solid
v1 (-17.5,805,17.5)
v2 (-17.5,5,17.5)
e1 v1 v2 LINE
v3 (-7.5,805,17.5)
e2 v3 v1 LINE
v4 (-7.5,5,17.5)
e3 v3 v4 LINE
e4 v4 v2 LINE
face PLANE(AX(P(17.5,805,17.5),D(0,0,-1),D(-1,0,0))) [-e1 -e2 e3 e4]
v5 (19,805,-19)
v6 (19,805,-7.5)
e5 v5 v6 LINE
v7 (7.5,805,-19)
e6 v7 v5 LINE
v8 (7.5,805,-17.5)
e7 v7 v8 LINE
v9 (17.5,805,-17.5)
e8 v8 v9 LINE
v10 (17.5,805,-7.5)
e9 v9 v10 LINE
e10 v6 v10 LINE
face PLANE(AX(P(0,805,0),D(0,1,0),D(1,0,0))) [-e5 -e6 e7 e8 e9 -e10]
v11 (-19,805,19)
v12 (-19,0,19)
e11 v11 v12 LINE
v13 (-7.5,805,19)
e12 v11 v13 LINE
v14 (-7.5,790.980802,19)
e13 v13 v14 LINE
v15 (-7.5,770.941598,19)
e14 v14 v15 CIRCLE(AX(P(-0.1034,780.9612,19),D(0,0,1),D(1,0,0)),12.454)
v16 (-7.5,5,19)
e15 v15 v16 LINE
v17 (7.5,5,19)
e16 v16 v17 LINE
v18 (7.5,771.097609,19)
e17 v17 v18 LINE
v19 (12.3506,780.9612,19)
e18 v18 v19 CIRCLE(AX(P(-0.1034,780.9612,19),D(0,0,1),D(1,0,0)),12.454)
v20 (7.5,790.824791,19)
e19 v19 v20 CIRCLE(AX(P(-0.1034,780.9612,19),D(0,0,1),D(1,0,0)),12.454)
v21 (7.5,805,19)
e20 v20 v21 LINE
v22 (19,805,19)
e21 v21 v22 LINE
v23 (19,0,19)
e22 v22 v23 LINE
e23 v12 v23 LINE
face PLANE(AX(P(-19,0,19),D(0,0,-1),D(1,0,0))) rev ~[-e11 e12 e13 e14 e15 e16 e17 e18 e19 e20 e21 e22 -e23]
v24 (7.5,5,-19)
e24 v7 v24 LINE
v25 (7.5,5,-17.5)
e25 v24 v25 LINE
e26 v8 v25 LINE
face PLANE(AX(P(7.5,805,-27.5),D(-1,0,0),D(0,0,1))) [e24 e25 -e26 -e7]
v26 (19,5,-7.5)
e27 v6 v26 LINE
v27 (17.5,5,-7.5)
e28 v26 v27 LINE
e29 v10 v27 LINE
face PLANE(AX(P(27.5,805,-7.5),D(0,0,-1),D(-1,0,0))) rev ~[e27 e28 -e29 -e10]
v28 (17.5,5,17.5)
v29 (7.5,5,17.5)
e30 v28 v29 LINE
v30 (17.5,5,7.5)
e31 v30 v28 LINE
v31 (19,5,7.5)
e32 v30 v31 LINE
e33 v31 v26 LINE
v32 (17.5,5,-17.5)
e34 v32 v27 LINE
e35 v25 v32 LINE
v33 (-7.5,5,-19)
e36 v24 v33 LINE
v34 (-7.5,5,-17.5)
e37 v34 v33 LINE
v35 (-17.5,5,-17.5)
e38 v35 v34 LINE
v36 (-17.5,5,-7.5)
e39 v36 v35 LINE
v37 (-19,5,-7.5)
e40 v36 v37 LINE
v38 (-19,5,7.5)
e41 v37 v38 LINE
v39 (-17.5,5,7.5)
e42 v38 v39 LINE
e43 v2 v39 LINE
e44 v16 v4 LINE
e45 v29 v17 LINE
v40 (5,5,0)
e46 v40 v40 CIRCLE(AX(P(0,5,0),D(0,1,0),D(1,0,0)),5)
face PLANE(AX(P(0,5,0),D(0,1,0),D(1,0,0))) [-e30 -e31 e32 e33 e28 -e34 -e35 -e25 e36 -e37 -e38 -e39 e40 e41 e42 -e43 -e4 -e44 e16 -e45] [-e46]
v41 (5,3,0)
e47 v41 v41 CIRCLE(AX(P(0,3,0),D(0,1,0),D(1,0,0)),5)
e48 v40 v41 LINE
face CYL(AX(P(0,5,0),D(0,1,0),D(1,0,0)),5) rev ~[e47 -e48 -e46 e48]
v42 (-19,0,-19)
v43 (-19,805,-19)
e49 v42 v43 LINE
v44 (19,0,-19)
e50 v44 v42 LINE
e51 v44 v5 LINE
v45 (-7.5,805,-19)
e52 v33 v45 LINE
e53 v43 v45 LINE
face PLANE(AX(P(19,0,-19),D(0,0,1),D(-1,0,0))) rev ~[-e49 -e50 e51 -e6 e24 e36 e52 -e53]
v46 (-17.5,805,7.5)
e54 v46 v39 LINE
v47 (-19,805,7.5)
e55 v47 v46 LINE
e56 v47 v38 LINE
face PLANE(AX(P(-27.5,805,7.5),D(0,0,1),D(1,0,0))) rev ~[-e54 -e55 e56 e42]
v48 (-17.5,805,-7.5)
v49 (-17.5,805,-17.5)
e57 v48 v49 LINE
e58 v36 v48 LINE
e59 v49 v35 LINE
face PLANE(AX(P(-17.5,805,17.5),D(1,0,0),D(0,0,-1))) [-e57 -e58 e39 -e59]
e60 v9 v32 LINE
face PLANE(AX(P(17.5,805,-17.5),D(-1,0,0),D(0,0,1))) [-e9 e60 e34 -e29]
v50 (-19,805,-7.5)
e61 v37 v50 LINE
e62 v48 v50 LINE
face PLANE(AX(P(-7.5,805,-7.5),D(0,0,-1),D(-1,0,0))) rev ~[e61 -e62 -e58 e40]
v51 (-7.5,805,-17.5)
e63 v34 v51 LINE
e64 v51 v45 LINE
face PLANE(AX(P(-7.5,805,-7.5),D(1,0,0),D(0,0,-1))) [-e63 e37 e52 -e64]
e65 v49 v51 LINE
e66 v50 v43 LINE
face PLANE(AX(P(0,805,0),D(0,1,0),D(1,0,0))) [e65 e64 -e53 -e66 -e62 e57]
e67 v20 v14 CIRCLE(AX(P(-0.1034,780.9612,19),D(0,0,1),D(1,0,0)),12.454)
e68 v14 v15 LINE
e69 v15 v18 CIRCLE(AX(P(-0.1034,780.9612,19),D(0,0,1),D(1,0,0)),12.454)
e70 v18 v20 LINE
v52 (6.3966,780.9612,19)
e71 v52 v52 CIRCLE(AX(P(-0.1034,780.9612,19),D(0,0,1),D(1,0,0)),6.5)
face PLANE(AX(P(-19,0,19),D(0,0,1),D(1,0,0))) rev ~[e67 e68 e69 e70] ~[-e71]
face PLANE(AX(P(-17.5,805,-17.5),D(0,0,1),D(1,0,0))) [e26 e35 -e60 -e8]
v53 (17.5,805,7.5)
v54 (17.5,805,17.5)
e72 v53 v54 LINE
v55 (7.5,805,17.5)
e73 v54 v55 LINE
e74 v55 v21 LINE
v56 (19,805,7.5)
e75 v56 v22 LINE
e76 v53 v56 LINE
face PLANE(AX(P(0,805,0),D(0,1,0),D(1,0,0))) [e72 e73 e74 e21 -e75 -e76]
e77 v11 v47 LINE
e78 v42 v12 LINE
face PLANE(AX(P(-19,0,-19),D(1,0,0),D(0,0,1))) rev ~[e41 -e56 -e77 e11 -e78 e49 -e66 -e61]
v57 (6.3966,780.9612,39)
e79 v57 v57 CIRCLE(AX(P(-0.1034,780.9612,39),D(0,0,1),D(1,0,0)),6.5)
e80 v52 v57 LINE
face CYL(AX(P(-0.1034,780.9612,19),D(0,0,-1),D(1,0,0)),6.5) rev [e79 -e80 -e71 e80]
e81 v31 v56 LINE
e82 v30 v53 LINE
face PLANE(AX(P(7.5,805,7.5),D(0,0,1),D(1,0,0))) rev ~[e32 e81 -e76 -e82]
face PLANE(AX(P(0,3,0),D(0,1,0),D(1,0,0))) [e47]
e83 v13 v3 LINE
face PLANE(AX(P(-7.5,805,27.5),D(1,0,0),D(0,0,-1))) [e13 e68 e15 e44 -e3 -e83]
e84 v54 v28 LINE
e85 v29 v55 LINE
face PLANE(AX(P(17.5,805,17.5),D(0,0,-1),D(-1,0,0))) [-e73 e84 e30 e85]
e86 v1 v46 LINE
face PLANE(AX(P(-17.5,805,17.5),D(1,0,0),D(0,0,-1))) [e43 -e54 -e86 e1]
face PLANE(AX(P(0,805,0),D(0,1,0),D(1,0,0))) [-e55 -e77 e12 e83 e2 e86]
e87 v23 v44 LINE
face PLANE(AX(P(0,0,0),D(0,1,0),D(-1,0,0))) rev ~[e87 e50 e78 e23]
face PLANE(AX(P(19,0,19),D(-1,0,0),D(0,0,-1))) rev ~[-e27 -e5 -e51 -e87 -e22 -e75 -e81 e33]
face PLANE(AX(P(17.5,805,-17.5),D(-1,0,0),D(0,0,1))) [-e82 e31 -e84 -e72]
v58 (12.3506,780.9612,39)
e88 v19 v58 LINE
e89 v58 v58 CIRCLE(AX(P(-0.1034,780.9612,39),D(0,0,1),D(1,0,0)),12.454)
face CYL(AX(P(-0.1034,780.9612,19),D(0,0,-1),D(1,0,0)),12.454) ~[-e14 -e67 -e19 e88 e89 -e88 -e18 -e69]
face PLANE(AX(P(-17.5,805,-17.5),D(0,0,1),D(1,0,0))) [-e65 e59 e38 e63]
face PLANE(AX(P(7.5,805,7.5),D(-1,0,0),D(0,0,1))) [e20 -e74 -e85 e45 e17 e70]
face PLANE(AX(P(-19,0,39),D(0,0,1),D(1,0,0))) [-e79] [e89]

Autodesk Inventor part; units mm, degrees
ref_plane "YZ Plane" through (0, 0, 0) normal (1, 0, 0) x (0, 1, 0)
ref_plane "XZ Plane" through (0, 0, 0) normal (0, 1, 0) x (-1, 0, 0)
ref_plane "XY Plane" through (0, 0, 0) normal (0, 0, 1) x (1, 0, 0)
sketch "Sketch1" plane through (0, 0, 0) normal (0, 1, 0) x (-1, 0, 0)
  line L0 (-19, -19) -> (19, -19)
  line L1 (19, -19) -> (19, 19)
  line L2 (19, 19) -> (-19, 19)
  line L3 (-19, 19) -> (-19, -19)
  line L4 (-19, -19) -> (19, 19) construction
  line L5 (19, -19) -> (-19, 19) construction
  point P0 (0, 0)
  dimension "d0" = 38
  dimension "d1" = 38
extrude "Extrusion1" add sketch "Sketch1" along normal blind 5
sketch "Sketch5" plane through (0, 5, 0) normal (0, 1, 0) x (1, 0, 0)
  line L0 (-19, -19) -> (19, -19) projected
  line L1 (-19, 19) -> (19, 19)
  line L2 (19, 19) -> (19, -19)
  line L3 (19, -19) -> (-19, -19)
  line L4 (-19, -19) -> (-19, 19)
  line L5 (-19, 19) -> (19, -19) construction
  line L6 (19, 19) -> (-19, -19) construction
  point P0 (0, 0)
extrude "Extrusion5" add sketch "Sketch5" along normal blind 800
sketch "Sketch6" plane through (0, 805, 0) normal (0, 1, 0) x (1, 0, 0)
  line L0 (-7.5, 27.5) -> (7.5, 27.5)
  line L1 (7.5, -27.5) -> (-7.5, -27.5)
  line L2 (-7.5, 27.5) -> (7.5, -27.5) construction
  line L3 (7.5, 27.5) -> (-7.5, -27.5) construction
  line L4 (-27.5, 7.5) -> (-27.5, -7.5)
  line L5 (27.5, -7.5) -> (27.5, 7.5)
  line L6 (27.5, 7.5) -> (-27.5, -7.5) construction
  line L7 (-27.5, 7.5) -> (27.5, -7.5) construction
  line L8 (-27.5, -7.5) -> (-7.5, -7.5)
  line L9 (7.5, -7.5) -> (27.5, -7.5)
  line L10 (7.5, 27.5) -> (7.5, 7.5)
  line L11 (7.5, -7.5) -> (7.5, -27.5)
  line L12 (27.5, 7.5) -> (7.5, 7.5)
  line L13 (-7.5, 7.5) -> (-27.5, 7.5)
  line L14 (-7.5, -27.5) -> (-7.5, -7.5)
  line L15 (-7.5, 7.5) -> (-7.5, 27.5)
  point P0 (0, 0)
  dimension "d20" = 15
  dimension "d21" = 55
  dimension "d22" = 55
  dimension "d23" = 15
sketch "Sketch7" plane through (0, 805, 0) normal (0, 1, 0) x (1, 0, 0)
  line L0 (-17.5, 17.5) -> (17.5, 17.5)
  line L1 (17.5, 17.5) -> (17.5, -17.5)
  line L2 (17.5, -17.5) -> (-17.5, -17.5)
  line L3 (-17.5, -17.5) -> (-17.5, 17.5)
  line L4 (-17.5, 17.5) -> (17.5, -17.5) construction
  line L5 (17.5, 17.5) -> (-17.5, -17.5) construction
  point P0 (0, 0)
  dimension "d24" = 35
  dimension "d25" = 35
extrude "Extrusion6" cut sketch "Sketch7" against normal blind 800
extrude "Extrusion7" cut sketch "Sketch6" against normal blind 800
sketch "Sketch8" plane through (0, 5, 0) normal (0, 1, 0) x (1, 0, 0)
  circle A0 centre (0, 0) radius 5
  dimension "d30" = 10
extrude "Extrusion8" cut sketch "Sketch8" against normal blind 2
sketch "Sketch9" plane through (-19, 0, 19) normal (0, 0, 1) x (1, 0, 0)
  line L0 (-0.2068, 780.9612) -> (38, 780.9612) construction
  line L1 (38, 0) -> (38, 805) projected
  circle A0 centre (18.8966, 780.9612) radius 6.5
  circle A1 centre (18.8966, 780.9612) radius 12.454
  point P0 (19, 0)
  dimension "d33" = 13
extrude "Extrusion9" add sketch "Sketch9" along normal blind 20
properties part number "marble_lift_outer"
